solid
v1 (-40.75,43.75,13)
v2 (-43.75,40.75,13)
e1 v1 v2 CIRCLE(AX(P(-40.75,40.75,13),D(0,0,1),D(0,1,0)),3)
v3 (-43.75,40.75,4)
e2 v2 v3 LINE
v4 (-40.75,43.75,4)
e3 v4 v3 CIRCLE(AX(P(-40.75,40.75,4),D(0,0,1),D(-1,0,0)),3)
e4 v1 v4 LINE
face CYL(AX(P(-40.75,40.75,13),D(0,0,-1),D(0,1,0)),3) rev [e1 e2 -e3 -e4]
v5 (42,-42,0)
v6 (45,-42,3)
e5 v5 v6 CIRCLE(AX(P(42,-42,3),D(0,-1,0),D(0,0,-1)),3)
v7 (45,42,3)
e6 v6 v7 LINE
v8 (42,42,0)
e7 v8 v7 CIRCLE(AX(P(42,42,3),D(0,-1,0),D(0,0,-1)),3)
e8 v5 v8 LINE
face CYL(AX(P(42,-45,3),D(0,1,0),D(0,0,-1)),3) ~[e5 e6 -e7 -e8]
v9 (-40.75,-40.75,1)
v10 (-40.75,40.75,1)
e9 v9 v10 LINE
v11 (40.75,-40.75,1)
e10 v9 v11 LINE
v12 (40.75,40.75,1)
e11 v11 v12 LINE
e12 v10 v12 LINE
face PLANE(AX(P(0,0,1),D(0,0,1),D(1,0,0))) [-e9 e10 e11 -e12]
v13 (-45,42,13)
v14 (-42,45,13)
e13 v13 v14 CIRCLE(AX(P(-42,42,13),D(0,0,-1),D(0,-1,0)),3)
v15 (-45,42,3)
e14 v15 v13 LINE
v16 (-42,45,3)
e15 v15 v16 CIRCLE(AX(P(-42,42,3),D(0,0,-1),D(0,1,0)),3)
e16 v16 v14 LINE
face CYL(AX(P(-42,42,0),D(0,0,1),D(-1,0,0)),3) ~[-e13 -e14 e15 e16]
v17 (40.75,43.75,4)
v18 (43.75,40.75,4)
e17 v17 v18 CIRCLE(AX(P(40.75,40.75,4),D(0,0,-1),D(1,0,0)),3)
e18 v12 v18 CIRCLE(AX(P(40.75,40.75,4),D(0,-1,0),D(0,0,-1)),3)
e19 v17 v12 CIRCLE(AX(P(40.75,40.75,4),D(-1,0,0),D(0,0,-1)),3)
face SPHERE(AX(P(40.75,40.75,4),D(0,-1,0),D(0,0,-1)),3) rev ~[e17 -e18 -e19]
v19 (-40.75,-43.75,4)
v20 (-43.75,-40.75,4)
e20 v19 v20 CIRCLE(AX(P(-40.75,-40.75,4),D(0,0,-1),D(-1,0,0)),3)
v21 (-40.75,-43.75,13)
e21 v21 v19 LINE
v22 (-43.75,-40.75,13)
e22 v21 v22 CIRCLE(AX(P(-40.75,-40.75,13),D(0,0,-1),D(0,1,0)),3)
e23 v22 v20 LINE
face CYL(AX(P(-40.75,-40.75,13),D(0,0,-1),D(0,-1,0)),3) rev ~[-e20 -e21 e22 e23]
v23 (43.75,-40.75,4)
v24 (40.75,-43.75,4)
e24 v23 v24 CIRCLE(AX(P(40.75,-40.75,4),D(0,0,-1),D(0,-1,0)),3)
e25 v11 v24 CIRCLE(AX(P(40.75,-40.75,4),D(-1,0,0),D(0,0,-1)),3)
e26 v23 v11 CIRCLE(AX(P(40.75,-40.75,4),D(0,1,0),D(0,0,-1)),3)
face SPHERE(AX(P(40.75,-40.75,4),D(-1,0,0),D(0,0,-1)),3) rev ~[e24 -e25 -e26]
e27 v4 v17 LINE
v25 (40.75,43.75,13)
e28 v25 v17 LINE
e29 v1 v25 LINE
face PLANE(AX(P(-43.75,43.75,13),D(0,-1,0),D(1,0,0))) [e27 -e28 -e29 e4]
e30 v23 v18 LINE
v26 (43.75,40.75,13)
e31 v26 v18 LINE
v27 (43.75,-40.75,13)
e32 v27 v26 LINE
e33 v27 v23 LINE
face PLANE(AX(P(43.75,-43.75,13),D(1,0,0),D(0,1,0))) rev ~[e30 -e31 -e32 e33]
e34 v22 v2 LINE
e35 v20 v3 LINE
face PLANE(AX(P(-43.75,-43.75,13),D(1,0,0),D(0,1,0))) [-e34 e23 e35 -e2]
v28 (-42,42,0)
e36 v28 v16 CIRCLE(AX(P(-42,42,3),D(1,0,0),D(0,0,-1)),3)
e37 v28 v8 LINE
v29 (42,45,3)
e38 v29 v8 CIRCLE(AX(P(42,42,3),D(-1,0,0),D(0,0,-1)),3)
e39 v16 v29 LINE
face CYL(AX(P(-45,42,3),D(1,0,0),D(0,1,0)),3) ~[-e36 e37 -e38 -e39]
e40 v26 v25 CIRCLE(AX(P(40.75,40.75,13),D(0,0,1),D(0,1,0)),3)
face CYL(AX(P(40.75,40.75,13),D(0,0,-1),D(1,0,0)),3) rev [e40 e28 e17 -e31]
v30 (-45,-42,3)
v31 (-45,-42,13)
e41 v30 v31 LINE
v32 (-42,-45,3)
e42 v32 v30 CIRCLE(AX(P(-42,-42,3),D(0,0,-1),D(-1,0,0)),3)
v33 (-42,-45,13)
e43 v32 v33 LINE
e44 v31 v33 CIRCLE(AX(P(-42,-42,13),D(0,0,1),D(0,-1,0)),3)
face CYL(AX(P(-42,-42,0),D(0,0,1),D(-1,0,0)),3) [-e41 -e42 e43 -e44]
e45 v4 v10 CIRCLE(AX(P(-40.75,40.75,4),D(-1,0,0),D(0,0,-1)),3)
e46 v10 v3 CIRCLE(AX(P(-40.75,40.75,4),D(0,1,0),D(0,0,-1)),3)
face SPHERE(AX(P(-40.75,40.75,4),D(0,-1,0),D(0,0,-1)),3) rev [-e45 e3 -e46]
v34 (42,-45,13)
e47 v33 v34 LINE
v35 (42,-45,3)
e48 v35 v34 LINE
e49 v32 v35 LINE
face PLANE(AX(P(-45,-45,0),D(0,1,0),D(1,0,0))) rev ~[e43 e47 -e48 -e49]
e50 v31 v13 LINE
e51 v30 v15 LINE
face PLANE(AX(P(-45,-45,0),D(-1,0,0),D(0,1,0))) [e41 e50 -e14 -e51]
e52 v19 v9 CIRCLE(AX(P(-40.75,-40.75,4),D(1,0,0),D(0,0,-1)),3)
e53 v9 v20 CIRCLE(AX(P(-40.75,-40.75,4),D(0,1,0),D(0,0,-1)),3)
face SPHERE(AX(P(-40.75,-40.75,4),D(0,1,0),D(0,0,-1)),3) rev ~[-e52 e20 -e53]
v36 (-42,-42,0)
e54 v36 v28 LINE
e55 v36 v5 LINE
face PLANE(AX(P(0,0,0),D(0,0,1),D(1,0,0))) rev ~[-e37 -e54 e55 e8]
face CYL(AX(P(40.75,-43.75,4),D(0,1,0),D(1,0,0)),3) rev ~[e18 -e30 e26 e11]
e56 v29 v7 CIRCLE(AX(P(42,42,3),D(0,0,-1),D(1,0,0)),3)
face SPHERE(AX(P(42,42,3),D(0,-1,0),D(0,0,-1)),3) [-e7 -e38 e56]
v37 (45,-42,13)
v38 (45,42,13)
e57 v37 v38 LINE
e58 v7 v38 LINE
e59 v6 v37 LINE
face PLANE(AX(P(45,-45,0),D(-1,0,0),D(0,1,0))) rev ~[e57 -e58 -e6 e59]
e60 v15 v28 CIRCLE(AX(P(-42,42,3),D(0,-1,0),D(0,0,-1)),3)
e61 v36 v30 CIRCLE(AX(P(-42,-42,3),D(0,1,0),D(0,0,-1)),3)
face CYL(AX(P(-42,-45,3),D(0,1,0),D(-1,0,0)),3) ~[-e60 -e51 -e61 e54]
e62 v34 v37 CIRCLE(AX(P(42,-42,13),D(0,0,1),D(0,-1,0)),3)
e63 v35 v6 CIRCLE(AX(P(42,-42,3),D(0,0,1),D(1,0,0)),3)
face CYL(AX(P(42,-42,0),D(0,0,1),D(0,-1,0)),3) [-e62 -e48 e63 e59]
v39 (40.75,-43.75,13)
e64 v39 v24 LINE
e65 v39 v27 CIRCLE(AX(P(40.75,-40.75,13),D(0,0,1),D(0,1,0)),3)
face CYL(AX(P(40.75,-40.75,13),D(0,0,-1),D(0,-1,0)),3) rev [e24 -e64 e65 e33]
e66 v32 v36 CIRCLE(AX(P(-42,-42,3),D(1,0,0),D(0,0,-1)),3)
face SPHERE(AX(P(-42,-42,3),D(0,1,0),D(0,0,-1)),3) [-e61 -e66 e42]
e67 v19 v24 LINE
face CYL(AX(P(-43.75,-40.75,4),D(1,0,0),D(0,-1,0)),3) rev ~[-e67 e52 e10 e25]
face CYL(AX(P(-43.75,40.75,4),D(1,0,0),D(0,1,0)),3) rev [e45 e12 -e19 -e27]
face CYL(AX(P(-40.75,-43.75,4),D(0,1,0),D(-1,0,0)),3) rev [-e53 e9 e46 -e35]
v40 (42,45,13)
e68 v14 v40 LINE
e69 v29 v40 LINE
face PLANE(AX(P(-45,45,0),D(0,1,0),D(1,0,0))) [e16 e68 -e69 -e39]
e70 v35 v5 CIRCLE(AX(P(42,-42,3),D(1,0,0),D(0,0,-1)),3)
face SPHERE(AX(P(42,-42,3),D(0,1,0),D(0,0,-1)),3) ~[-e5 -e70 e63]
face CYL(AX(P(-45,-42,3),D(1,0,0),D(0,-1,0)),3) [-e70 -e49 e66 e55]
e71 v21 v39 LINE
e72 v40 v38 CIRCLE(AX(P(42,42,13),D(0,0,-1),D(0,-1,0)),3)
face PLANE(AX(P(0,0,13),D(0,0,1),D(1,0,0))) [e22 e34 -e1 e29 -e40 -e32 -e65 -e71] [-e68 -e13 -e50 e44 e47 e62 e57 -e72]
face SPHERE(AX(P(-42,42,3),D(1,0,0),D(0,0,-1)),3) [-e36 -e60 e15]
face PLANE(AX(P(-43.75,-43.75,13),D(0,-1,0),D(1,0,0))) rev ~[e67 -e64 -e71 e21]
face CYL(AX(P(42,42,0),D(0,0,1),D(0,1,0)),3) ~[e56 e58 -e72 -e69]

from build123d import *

# Parameters (mm, degrees)
F0_W     = 90
F0_H     = 90
F1_DEPTH = 13
F2_W     = 87.5
F2_H     = 87.5
F3_DEPTH = 12
F4_R     = 3


with BuildPart() as f1:
    # F0 (on Top) → F1 (new body)
    with BuildSketch(Plane.XY):
        Rectangle(F0_W, F0_H)
    extrude(amount=F1_DEPTH)

    # F2 (on face) → F3 (cut)
    with BuildSketch(Plane.XY.offset(13)):
        Rectangle(F2_W, F2_H)
    extrude(amount=-F3_DEPTH, mode=Mode.SUBTRACT)

    # F4
    f4_edges = [f1.edges().sort_by_distance(p)[0] for p in [
        (45, 0, 0),
        (0, 45, 0),
        (-45, 0, 0),
        (0, -45, 0),
        (45, -45, 6.5),
        (45, 45, 6.5),
        (-45, -45, 6.5),
        (-45, 45, 6.5),
        (-43.75, 0, 1),
        (0, -43.75, 1),
        (43.75, 0, 1),
        (0, 43.75, 1),
        (-43.75, 43.75, 7),
        (43.75, 43.75, 7),
        (43.75, -43.75, 7),
        (-43.75, -43.75, 7),
    ]]
    fillet(f4_edges, radius=F4_R)


solid = f1.part
